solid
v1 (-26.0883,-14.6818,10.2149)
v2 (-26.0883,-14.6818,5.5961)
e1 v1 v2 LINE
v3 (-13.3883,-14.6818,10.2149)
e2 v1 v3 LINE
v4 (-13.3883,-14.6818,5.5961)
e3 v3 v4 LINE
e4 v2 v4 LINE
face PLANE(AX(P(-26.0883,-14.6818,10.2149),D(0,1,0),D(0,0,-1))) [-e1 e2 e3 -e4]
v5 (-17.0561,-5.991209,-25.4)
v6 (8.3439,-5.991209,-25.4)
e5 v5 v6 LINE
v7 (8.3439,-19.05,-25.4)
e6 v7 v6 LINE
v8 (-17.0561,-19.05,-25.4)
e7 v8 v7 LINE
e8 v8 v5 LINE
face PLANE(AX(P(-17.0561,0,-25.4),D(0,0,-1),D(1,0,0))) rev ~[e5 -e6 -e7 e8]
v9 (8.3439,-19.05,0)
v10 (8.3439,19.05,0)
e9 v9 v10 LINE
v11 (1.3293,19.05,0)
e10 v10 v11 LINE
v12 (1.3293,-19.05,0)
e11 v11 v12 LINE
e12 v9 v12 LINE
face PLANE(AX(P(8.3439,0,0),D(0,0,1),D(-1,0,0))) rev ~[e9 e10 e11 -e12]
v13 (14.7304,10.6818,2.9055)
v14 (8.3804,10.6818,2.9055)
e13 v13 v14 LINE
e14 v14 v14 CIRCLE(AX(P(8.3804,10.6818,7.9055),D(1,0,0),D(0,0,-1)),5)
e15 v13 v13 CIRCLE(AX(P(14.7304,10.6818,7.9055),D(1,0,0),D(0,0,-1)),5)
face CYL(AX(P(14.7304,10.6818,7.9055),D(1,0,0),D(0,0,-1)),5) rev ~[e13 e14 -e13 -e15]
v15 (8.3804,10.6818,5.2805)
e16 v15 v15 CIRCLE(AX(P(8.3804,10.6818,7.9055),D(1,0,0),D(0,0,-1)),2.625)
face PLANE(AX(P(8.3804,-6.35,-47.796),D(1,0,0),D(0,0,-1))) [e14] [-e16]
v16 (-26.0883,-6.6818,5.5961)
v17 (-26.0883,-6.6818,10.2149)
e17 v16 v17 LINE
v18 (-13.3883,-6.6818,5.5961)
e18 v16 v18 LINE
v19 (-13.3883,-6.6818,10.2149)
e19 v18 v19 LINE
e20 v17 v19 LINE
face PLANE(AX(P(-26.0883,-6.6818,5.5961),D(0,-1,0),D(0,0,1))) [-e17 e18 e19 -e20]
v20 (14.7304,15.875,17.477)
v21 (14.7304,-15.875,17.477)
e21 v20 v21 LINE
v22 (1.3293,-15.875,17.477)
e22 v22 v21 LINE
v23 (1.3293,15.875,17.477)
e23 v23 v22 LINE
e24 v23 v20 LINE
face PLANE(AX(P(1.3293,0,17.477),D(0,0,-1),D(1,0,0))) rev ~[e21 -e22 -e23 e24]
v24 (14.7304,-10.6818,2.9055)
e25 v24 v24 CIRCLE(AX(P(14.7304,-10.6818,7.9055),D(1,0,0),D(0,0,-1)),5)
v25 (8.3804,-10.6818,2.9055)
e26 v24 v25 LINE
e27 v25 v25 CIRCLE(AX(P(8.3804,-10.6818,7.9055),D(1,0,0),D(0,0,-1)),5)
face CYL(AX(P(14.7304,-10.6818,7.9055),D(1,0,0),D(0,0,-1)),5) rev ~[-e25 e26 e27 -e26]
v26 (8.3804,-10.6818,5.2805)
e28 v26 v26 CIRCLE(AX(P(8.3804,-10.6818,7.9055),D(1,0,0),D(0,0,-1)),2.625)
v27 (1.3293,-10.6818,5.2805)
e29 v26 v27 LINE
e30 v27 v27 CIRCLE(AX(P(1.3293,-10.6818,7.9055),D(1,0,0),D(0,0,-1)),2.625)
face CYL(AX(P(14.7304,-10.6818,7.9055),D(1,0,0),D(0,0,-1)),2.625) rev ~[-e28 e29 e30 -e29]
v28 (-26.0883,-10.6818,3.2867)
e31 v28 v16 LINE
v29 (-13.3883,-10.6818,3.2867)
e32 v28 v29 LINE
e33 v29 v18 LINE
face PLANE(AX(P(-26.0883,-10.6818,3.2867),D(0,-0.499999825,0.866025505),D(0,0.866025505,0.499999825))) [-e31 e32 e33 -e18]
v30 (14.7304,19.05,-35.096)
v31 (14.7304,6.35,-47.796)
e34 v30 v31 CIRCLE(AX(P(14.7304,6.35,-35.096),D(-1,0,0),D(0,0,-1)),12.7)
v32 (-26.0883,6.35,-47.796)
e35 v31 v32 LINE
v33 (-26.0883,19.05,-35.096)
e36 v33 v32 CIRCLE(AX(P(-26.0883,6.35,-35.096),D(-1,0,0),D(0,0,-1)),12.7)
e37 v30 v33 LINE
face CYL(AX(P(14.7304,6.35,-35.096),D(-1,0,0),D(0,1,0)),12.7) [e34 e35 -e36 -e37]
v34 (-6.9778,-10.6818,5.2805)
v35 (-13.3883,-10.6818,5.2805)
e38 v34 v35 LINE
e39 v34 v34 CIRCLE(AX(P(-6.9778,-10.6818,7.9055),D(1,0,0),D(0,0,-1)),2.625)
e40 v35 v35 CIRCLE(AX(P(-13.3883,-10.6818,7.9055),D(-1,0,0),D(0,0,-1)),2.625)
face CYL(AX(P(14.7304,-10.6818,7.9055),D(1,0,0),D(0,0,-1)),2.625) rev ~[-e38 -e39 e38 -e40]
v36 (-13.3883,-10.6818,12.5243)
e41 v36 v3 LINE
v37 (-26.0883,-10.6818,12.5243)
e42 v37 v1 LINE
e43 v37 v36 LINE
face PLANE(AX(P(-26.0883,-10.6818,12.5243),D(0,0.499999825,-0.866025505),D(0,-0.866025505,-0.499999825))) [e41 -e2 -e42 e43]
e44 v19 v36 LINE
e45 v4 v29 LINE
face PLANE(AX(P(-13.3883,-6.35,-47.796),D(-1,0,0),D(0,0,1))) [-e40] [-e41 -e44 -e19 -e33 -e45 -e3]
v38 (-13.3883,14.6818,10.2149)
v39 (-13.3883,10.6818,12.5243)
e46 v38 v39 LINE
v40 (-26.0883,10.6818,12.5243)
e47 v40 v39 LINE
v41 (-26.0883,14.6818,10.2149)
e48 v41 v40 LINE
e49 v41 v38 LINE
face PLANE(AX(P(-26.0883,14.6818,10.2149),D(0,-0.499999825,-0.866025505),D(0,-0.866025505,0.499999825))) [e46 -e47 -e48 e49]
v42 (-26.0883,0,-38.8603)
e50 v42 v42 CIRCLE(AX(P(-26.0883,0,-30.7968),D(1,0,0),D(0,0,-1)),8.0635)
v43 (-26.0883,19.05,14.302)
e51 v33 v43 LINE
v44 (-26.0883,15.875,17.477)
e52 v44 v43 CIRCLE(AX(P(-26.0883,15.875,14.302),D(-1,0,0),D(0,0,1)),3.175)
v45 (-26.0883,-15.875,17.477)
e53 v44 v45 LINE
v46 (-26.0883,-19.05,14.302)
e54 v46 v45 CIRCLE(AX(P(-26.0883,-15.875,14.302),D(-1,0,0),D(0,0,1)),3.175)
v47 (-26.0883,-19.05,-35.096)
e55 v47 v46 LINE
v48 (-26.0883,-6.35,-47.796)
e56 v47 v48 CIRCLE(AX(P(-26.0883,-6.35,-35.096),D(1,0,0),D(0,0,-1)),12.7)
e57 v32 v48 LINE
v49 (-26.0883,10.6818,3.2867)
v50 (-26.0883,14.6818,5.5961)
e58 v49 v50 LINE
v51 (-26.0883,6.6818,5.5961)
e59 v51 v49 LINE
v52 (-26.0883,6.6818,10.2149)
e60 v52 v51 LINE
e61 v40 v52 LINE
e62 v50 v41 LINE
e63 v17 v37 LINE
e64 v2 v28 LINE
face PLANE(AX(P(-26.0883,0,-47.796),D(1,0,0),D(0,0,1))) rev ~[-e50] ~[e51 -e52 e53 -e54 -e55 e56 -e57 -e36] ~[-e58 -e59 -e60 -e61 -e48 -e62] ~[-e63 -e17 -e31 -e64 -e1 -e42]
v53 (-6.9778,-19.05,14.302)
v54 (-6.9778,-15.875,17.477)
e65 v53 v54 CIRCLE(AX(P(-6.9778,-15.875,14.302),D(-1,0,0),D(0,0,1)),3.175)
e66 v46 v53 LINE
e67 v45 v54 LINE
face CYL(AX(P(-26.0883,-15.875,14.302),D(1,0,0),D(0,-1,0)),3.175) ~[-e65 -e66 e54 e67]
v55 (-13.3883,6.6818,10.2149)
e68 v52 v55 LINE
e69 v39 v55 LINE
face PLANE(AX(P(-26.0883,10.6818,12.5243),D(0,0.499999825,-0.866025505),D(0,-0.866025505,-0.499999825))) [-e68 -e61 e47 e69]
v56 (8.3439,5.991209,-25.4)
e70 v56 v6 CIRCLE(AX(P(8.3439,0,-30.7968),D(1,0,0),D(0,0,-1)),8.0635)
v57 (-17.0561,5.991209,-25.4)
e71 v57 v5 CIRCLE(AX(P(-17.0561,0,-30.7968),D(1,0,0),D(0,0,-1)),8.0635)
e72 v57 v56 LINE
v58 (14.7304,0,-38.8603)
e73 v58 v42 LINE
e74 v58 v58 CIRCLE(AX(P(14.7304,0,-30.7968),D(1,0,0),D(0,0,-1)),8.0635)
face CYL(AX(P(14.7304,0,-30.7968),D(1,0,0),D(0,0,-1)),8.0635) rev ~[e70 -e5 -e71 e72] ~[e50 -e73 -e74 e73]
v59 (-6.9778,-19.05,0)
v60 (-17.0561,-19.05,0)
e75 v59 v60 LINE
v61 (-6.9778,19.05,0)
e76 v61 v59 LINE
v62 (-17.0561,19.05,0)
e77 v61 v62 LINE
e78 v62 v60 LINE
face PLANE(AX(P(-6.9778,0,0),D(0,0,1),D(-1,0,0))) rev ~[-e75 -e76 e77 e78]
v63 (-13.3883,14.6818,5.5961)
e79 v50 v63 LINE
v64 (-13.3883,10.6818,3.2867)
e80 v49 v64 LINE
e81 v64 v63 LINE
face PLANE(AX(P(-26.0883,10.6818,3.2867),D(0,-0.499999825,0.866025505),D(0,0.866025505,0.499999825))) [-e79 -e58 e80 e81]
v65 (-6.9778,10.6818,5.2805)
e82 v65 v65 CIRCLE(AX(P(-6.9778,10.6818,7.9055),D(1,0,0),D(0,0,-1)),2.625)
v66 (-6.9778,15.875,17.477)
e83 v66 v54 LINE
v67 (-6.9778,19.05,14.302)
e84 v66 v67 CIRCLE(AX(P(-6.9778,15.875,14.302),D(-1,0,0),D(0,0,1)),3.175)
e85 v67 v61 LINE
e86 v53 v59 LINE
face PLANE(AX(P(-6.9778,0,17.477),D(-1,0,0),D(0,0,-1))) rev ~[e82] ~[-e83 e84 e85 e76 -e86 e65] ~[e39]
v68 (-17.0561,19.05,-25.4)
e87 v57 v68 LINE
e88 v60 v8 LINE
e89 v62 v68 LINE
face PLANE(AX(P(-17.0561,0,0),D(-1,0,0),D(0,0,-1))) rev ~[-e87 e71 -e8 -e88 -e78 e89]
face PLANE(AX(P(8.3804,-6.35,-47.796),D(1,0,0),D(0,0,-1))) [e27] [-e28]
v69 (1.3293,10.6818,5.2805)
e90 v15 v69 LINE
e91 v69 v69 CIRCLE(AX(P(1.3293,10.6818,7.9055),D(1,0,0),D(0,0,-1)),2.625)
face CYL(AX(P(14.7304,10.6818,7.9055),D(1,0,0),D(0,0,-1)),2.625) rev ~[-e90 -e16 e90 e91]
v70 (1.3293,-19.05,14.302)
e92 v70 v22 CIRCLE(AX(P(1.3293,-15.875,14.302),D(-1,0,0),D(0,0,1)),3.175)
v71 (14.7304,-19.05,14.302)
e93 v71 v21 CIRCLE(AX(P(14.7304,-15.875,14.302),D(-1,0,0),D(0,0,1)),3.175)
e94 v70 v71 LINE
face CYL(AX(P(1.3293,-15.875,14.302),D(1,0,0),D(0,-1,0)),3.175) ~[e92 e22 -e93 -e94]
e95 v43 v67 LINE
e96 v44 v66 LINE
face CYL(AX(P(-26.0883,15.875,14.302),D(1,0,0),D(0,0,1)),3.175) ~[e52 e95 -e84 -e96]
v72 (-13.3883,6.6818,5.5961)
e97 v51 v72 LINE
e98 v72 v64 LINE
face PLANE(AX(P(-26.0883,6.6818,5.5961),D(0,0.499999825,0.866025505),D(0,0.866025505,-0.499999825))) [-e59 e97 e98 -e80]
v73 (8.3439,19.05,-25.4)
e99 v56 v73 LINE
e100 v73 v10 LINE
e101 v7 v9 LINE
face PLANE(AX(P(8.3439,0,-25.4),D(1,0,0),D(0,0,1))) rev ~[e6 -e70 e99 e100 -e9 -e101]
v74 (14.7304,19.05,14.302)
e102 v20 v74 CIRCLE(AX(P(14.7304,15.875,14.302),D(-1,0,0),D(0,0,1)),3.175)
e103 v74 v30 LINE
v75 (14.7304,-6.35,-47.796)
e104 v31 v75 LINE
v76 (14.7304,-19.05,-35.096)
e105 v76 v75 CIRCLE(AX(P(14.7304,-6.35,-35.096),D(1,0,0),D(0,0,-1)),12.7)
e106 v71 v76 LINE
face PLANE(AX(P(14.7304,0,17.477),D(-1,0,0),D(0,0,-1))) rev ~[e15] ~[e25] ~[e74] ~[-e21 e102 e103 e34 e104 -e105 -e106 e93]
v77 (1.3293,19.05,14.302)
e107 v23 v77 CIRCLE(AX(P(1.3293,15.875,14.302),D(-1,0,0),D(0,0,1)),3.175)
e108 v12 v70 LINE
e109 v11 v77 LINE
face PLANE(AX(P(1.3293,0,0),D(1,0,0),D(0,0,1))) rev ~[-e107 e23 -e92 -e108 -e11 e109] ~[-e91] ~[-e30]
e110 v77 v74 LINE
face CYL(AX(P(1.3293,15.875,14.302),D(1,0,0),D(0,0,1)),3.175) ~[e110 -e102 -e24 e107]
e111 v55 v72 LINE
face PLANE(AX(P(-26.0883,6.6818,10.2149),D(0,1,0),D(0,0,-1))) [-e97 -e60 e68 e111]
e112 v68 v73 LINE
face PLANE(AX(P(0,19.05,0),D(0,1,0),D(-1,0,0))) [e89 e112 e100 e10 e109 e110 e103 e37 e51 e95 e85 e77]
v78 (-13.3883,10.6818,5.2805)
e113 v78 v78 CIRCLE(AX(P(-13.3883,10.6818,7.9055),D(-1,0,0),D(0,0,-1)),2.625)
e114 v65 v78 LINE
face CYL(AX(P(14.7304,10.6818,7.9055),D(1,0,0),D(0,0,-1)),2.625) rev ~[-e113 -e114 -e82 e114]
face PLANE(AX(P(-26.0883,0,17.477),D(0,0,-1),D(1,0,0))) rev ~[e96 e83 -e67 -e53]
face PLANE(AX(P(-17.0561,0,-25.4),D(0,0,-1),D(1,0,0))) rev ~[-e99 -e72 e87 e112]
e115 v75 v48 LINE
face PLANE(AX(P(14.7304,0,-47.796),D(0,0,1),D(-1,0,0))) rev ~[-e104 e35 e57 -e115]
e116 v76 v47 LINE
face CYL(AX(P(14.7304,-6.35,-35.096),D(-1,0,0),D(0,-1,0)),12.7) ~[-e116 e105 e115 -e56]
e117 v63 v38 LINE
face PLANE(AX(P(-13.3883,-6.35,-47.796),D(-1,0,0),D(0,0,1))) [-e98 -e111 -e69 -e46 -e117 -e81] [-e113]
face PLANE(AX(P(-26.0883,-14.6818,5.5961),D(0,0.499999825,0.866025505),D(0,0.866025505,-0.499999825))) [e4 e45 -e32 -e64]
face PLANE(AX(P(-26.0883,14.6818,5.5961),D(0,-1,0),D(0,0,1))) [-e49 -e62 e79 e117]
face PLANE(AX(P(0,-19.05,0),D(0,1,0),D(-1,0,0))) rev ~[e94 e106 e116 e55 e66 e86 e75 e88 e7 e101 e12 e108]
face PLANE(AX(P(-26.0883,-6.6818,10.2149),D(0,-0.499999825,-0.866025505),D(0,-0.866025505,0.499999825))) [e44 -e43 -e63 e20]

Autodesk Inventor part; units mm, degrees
ref_plane "YZ Plane" through (0, 0, 0) normal (1, 0, 0) x (0, 1, 0)
ref_plane "XZ Plane" through (0, 0, 0) normal (0, 1, 0) x (-1, 0, 0)
ref_plane "XY Plane" through (0, 0, 0) normal (0, 0, 1) x (1, 0, 0)
sketch "Sketch1" plane through (0, 0, 0) normal (0, 1, 0) x (-1, 0, 0)
  arc A0 (5.6966, -10.4681) -> (3.0156, -10.4681) centre (4.3561, -12.7) ccw projected
  line L0 (17.0561, -25.4) -> (-8.3439, -25.4)
  line L1 (-8.3439, -25.4) -> (-8.3439, 0)
  line L2 (17.0561, 0) -> (17.0561, -25.4)
  line L3 (17.0561, -25.4) -> (-8.3439, 0) construction
  line L4 (-8.3439, -25.4) -> (17.0561, 0) construction
  line L5 (-14.7304, 17.477) -> (-14.7304, -47.796)
  line L6 (-14.7304, -47.796) -> (26.0883, -47.796)
  line L7 (26.0883, -47.796) -> (26.0883, 17.477)
  line L8 (-1.3293, 0) -> (-1.3293, 17.477)
  line L9 (6.9778, 17.477) -> (6.9778, 0)
  line L10 (-8.3439, 0) -> (-1.3293, 0)
  line L11 (6.9778, 0) -> (17.0561, 0)
  line L12 (26.0883, 17.477) -> (6.9778, 17.477)
  line L13 (-1.3293, 17.477) -> (-14.7304, 17.477)
  point P0 (0, 0)
  dimension "d0" = 25.4
  dimension "d1" = 25.4
extrude "Extrusion1" add sketch "Sketch1" along normal mid plane 38.1
sketch "Sketch2" plane through (14.7304, -19.05, -47.796) normal (1, 0, 0) x (0, 0, -1)
  arc A0 (-22.6007, 24.7617) -> (-22.396, 13.1445) centre (-16.9992, 19.05) ccw projected
  circle A1 centre (-16.9992, 19.05) radius 8
  circle A2 centre (-16.9992, 19.05) radius 8.0635
  point P0 (-47.796, 19.05)
  dimension "d4" = 0.0635
extrude "Extrusion2" cut sketch "Sketch2" against normal through all contours A1 A0 | A2
fillet "Fillet1" radius 12.7 2 edges at (-5.6789, -19.05, -47.796) (-5.6789, 19.05, -47.796)
fillet "Fillet2" radius 3.175 4 edges at (8.0299, 19.05, 17.477) (-16.533, 19.05, 17.477) (-16.533, -19.05, 17.477) (8.0299, -19.05, 17.477)
sketch "Sketch3" plane through (14.7304, -6.35, -47.796) normal (1, 0, 0) x (0, 0, -1)
  circle A0 centre (-16.9992, 6.35) radius 8.0635 projected
  arc A1 (-65.2731, -9.525) -> (-62.0981, -12.7) centre (-62.0981, -9.525) ccw projected
  line L0 (-12.7, -12.7) -> (-62.0981, -12.7) projected
  arc A2 (-12.7, -12.7) -> (0, 0) centre (-12.7, 0) ccw projected
  line L1 (0, 0) -> (0, 12.7) projected
  arc A3 (0, 12.7) -> (-12.7, 25.4) centre (-12.7, 12.7) ccw projected
  line L2 (-62.0981, 25.4) -> (-12.7, 25.4) projected
  arc A4 (-62.0981, 25.4) -> (-65.2731, 22.225) centre (-62.0981, 22.225) ccw projected
  line L3 (-65.2731, -9.525) -> (-65.2731, 22.225) projected
  line L4 (-48.1725, 17.0318) -> (-55.7015, 17.0318) construction
  line L5 (-55.7015, 17.0318) -> (-55.7015, -4.3318) construction
  line L6 (-55.7015, -4.3318) -> (-48.1725, -4.3318) construction
  line L7 (-48.1725, -4.3318) -> (-48.1725, 17.0318) construction
  line L8 (-48.1725, 17.0318) -> (-55.7015, -4.3318) construction
  line L9 (-55.7015, 17.0318) -> (-48.1725, -4.3318) construction
  circle A5 centre (-55.7015, 17.0318) radius 2.625
  circle A6 centre (-55.7015, -4.3318) radius 2.625
  point P0 (-47.796, 6.35)
  point P1 (-51.937, 6.35)
  dimension "d9" = 5.25
  dimension "d10" = 5.25
extrude "Extrusion3" cut sketch "Sketch3" against normal through all contours A5 | A6
sketch "Sketch4" plane through (-26.0883, -6.35, -47.796) normal (-1, 0, 0) x (0, 0, 1)
  circle A0 centre (55.7015, 17.0318) radius 2.625 projected
  circle A1 centre (55.7015, -4.3318) radius 2.625 projected
  circle A2 centre (16.9992, 6.35) radius 8.0635 projected
  arc A3 (62.0981, -12.7) -> (65.2731, -9.525) centre (62.0981, -9.525) ccw projected
  line L0 (65.2731, -9.525) -> (65.2731, 22.225) projected
  arc A4 (65.2731, 22.225) -> (62.0981, 25.4) centre (62.0981, 22.225) ccw projected
  line L1 (12.7, 25.4) -> (62.0981, 25.4) projected
  arc A5 (12.7, 25.4) -> (0, 12.7) centre (12.7, 12.7) ccw projected
  line L2 (0, 0) -> (0, 12.7) projected
  arc A6 (0, 0) -> (12.7, -12.7) centre (12.7, 0) ccw projected
  line L3 (62.0981, -12.7) -> (12.7, -12.7) projected
  line L4 (60.3203, 17.0318) -> (58.0109, 13.0318)
  line L5 (58.0109, 13.0318) -> (53.3921, 13.0318)
  line L6 (53.3921, 13.0318) -> (51.0827, 17.0318)
  line L7 (51.0827, 17.0318) -> (53.3921, 21.0318)
  line L8 (53.3921, 21.0318) -> (58.0109, 21.0318)
  line L9 (58.0109, 21.0318) -> (60.3203, 17.0318)
  line L10 (60.3203, -4.3318) -> (58.0109, -8.3318)
  line L11 (58.0109, -8.3318) -> (53.3921, -8.3318)
  line L12 (53.3921, -8.3318) -> (51.0827, -4.3318)
  line L13 (51.0827, -4.3318) -> (53.3921, -0.3318)
  line L14 (53.3921, -0.3318) -> (58.0109, -0.3318)
  line L15 (58.0109, -0.3318) -> (60.3203, -4.3318)
  point P0 (47.796, 6.35)
  dimension "d13" = 8
  dimension "d14" = 8
extrude "Extrusion4" cut sketch "Sketch4" against normal blind 12.7 contours L4 L5 L6 L7 L8 L9 | L10 L11 L12 L13 L14 L15
sketch "Sketch5" plane through (14.7304, -6.35, -47.796) normal (1, 0, 0) x (0, 0, -1)
  circle A0 centre (-55.7015, 17.0318) radius 2.625 projected
  circle A1 centre (-55.7015, -4.3318) radius 2.625 projected
  circle A2 centre (-16.9992, 6.35) radius 8.0635 projected
  arc A3 (-65.2731, -9.525) -> (-62.0981, -12.7) centre (-62.0981, -9.525) ccw projected
  line L0 (-12.7, -12.7) -> (-62.0981, -12.7) projected
  arc A4 (-12.7, -12.7) -> (0, 0) centre (-12.7, 0) ccw projected
  line L1 (0, 0) -> (0, 12.7) projected
  arc A5 (0, 12.7) -> (-12.7, 25.4) centre (-12.7, 12.7) ccw projected
  line L2 (-62.0981, 25.4) -> (-12.7, 25.4) projected
  arc A6 (-62.0981, 25.4) -> (-65.2731, 22.225) centre (-62.0981, 22.225) ccw projected
  line L3 (-65.2731, -9.525) -> (-65.2731, 22.225) projected
  circle A7 centre (-55.7015, -4.3318) radius 2.625 projected
  circle A8 centre (-55.7015, -4.3318) radius 5
  circle A9 centre (-55.7015, 17.0318) radius 5
  point P0 (-47.796, 6.35)
  dimension "d17" = 10
  dimension "d18" = 10
extrude "Extrusion5" cut sketch "Sketch5" against normal blind 6.35 contours A8 | A9
properties part number "3d printed motor shaft block for base v1"
